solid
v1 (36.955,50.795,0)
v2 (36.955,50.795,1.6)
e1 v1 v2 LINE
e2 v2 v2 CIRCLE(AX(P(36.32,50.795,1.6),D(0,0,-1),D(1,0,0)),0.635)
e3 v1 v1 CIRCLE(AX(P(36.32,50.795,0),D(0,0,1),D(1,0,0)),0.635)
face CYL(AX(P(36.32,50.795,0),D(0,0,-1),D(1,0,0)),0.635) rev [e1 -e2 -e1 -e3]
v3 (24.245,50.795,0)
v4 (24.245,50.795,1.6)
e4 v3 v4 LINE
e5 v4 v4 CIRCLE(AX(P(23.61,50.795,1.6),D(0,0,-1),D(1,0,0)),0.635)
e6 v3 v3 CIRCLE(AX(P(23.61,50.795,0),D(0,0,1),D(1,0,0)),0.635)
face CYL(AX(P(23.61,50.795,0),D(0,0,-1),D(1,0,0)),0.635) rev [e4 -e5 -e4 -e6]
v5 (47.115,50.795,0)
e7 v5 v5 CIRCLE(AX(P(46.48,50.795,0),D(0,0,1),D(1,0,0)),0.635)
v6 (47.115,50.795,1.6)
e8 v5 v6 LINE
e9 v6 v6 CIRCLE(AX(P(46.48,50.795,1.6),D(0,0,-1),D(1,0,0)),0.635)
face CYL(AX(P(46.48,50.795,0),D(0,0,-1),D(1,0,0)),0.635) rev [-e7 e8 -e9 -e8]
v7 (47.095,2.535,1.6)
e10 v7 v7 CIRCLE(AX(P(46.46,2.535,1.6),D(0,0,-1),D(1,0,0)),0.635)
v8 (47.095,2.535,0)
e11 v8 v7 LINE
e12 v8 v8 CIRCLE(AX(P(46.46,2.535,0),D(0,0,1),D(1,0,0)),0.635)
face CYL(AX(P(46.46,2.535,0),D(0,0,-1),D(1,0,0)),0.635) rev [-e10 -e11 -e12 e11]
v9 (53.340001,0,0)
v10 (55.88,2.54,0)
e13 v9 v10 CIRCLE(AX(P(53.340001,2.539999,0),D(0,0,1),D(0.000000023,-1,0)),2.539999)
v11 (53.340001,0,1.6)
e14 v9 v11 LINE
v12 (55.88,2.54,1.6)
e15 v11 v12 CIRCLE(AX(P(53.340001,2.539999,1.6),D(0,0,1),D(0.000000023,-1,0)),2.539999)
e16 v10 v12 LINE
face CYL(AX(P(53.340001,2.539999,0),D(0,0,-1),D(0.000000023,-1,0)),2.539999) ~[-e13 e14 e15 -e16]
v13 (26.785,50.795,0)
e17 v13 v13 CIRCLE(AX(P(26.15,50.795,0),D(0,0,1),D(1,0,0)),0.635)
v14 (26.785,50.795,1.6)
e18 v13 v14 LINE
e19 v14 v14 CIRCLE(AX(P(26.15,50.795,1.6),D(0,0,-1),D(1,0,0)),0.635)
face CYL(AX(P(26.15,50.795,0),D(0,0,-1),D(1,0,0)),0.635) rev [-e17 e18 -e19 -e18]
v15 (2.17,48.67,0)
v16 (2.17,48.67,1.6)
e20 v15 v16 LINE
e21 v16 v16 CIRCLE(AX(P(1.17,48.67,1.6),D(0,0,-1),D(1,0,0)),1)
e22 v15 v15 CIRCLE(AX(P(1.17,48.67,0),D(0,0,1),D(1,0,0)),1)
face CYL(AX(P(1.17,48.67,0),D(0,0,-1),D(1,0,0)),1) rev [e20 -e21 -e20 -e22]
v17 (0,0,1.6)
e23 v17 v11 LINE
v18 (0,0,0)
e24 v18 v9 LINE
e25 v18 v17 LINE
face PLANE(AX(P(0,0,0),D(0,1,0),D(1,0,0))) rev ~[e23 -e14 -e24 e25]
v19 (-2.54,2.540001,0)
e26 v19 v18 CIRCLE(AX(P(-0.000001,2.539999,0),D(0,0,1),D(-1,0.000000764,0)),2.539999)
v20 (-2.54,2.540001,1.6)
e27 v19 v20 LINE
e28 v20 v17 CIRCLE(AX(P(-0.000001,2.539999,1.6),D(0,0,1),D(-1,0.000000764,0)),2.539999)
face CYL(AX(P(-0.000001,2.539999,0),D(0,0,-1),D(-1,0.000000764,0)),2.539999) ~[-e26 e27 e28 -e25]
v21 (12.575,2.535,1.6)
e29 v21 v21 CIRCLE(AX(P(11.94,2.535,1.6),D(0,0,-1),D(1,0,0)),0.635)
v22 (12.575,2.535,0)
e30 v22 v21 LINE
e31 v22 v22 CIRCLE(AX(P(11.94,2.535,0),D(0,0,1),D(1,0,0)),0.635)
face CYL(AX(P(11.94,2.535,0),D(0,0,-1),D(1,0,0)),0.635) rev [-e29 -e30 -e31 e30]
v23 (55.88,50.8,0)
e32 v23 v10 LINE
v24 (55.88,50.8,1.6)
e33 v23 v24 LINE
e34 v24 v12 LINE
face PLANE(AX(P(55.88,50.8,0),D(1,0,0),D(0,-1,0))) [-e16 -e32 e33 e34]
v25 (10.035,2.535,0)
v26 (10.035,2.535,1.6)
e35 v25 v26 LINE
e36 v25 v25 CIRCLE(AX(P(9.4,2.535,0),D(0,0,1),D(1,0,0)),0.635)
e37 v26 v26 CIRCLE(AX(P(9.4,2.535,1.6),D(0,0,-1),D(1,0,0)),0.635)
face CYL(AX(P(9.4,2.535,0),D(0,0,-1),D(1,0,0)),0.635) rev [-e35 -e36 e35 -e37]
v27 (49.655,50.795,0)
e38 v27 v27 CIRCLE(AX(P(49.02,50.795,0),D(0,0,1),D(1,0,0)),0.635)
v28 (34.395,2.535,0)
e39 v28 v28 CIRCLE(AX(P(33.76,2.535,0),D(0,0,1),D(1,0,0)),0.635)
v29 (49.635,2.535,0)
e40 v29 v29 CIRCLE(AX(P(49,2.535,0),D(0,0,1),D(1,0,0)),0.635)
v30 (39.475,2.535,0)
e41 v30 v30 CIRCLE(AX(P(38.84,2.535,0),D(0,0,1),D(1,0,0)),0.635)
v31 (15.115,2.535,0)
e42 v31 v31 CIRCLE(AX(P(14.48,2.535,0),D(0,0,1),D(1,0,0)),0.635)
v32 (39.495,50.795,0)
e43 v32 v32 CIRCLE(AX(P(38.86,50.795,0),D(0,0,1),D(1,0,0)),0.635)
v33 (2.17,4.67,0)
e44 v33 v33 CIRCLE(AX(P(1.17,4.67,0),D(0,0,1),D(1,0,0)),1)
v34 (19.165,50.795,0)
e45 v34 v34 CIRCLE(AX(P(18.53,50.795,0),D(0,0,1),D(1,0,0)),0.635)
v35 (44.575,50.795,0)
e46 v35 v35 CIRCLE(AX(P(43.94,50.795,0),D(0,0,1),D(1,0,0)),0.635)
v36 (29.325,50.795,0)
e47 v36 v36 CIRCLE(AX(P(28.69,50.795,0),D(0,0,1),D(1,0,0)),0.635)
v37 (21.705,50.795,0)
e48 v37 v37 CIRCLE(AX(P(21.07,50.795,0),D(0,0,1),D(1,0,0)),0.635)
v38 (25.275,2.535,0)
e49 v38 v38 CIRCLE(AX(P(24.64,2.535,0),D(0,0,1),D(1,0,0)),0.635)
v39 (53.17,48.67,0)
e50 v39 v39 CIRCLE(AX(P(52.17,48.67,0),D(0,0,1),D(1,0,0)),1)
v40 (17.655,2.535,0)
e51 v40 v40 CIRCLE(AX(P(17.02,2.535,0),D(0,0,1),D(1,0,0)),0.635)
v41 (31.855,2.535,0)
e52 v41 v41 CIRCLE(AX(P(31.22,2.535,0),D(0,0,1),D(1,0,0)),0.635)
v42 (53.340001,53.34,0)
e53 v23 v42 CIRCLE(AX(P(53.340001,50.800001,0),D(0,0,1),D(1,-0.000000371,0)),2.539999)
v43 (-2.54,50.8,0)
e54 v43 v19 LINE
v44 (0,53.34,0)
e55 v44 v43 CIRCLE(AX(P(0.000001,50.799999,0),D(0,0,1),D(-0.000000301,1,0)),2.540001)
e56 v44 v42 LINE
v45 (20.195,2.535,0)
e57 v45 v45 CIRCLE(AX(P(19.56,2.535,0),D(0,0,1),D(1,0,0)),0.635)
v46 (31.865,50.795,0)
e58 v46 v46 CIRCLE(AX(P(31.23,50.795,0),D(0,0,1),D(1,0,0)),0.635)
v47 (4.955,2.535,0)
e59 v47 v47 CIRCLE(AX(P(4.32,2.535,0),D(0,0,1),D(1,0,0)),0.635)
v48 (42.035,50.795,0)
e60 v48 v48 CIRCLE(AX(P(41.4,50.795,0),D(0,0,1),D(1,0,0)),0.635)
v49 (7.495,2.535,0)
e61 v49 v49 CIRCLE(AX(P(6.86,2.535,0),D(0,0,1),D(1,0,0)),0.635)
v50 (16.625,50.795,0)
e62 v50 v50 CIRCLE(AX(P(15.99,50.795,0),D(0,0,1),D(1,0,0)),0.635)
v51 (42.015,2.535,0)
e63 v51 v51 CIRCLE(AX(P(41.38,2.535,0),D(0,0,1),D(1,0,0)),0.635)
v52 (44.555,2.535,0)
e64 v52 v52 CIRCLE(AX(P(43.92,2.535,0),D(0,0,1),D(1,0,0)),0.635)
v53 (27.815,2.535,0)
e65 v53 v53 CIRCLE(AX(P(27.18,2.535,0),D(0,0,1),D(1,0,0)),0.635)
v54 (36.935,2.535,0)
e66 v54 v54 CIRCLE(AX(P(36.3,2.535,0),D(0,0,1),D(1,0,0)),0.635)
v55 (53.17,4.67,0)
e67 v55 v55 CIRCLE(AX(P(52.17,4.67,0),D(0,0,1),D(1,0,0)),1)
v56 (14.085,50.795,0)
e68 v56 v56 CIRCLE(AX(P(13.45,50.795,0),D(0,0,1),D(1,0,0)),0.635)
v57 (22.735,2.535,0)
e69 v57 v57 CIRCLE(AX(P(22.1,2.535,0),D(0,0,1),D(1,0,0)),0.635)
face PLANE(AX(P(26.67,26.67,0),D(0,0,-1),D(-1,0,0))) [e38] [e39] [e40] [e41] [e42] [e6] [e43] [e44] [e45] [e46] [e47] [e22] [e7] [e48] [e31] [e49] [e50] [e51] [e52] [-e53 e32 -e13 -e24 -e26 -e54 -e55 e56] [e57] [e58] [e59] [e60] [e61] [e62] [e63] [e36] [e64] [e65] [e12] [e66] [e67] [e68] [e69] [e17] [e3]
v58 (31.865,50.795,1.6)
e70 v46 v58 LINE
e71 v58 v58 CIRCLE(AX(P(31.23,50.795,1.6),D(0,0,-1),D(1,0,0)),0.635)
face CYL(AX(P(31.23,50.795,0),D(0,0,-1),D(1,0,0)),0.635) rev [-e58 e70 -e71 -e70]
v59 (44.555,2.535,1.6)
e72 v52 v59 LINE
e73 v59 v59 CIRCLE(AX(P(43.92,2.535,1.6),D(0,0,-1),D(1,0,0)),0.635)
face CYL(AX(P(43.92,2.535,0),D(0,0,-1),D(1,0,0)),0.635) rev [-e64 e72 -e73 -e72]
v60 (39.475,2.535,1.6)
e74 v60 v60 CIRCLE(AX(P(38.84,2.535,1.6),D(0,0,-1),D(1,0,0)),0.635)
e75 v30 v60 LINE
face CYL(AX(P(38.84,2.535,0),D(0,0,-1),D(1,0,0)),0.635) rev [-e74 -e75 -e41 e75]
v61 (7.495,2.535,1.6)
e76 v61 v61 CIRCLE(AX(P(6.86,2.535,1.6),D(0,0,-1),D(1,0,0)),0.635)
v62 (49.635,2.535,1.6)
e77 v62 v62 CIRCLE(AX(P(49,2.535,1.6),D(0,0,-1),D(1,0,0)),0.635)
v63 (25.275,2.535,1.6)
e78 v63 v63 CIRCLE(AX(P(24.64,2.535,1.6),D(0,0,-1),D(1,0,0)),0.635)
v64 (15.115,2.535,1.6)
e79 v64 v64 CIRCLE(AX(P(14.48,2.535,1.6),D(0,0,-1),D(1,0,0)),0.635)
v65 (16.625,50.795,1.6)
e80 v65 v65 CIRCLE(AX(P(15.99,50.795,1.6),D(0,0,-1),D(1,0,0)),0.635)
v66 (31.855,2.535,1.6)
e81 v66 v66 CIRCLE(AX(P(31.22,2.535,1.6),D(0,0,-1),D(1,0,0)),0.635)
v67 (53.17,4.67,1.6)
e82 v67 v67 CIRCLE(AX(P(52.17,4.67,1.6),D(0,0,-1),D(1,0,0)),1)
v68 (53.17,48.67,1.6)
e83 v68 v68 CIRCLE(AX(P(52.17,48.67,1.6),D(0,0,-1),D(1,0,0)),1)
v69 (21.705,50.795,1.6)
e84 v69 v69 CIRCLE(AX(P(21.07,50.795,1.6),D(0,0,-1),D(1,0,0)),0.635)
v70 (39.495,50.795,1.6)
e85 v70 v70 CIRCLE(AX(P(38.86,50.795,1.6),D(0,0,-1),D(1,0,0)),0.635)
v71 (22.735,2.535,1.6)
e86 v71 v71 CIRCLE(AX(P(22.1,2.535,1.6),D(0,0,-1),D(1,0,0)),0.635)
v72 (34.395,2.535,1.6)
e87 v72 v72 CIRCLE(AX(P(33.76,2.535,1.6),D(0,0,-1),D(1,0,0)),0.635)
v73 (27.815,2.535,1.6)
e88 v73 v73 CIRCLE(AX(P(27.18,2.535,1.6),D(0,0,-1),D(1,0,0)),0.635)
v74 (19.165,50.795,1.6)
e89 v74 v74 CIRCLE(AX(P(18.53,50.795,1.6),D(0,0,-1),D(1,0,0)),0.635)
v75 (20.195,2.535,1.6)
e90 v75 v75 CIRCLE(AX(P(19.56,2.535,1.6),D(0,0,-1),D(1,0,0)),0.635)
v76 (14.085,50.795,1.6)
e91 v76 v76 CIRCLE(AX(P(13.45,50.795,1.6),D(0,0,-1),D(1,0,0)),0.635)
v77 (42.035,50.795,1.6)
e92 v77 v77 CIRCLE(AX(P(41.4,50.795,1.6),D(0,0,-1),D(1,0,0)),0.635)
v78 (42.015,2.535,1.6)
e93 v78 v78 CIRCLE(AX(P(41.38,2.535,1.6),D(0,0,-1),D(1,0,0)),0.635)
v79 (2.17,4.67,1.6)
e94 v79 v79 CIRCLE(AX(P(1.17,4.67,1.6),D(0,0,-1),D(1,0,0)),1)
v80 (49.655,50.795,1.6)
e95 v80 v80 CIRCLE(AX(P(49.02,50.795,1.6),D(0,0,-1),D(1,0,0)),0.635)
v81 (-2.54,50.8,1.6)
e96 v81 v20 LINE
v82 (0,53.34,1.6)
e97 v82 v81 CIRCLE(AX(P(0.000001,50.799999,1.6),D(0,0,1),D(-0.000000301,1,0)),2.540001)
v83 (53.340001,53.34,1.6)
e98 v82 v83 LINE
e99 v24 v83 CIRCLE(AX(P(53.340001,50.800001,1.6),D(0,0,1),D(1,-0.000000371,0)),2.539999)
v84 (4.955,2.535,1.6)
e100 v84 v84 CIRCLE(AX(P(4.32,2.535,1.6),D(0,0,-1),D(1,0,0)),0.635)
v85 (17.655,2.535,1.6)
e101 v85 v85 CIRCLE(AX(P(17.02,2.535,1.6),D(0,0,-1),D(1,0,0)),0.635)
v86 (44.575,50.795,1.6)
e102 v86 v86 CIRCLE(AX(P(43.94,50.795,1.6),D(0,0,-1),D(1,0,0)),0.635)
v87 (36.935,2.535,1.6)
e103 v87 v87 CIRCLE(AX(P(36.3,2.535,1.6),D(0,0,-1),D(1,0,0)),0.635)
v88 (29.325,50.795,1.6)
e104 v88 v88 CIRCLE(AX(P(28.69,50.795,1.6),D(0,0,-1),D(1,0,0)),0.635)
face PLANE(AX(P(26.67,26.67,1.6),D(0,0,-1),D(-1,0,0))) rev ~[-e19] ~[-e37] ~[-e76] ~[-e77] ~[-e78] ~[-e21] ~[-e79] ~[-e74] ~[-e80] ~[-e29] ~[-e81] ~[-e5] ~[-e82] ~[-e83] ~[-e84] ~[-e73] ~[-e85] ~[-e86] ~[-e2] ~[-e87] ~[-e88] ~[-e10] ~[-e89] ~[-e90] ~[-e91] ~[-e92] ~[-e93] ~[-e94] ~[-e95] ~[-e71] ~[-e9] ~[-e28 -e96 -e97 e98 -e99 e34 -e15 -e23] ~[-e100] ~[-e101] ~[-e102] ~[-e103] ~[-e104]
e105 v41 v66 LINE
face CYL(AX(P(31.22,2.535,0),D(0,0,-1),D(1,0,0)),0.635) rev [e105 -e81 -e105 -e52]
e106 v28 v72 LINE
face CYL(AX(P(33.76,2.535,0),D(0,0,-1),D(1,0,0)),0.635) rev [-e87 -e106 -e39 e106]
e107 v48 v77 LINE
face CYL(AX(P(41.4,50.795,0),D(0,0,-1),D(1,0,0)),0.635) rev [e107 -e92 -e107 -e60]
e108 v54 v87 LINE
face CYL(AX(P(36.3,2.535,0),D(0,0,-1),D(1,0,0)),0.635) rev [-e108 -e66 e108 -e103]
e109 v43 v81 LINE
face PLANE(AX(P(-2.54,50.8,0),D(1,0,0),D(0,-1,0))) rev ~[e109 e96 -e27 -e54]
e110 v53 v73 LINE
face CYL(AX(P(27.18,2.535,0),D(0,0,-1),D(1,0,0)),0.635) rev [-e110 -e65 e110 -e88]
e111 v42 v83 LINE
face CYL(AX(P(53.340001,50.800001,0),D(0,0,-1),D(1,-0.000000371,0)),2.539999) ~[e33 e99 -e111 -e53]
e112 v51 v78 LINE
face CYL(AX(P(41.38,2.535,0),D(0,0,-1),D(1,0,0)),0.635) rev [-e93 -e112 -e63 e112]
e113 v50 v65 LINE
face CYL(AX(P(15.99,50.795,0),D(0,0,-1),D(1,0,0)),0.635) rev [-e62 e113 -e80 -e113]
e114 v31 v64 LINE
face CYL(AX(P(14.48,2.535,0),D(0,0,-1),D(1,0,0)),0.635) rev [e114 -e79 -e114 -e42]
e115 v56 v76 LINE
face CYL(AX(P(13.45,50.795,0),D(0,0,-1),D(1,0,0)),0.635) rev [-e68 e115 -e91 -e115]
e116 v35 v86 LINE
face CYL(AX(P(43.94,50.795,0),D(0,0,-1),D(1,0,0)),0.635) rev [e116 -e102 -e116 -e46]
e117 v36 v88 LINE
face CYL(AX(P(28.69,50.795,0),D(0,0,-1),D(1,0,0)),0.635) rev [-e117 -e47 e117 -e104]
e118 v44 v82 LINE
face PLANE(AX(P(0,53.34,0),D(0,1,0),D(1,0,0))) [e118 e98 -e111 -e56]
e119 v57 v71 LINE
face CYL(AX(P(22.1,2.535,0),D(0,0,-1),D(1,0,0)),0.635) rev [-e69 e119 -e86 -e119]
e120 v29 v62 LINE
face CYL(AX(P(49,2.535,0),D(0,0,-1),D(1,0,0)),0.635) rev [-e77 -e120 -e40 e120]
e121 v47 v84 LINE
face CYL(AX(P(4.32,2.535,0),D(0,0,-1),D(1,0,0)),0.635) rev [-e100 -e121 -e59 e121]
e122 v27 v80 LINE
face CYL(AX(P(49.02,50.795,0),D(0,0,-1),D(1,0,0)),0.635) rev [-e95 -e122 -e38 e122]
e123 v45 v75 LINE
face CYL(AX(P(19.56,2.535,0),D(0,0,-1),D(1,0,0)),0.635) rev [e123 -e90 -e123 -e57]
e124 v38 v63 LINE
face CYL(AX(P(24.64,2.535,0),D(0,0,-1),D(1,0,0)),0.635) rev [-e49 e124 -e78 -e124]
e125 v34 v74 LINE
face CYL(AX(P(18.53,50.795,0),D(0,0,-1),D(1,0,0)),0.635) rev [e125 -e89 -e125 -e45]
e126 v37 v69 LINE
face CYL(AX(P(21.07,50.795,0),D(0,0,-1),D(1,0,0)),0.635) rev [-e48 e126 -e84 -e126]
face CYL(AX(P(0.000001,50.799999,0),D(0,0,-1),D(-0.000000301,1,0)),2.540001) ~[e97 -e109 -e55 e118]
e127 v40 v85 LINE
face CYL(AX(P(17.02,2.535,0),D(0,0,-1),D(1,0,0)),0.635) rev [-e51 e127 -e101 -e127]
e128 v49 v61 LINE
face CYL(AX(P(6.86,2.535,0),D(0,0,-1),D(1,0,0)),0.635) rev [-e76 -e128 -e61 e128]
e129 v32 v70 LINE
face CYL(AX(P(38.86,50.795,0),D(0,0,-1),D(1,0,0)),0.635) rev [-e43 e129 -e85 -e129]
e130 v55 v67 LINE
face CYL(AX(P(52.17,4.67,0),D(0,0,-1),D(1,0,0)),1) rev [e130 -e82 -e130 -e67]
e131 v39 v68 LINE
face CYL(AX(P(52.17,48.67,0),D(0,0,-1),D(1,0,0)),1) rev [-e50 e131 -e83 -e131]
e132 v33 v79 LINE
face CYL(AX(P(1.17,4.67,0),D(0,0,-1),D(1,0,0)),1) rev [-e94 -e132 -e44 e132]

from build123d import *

# Parameters (mm, degrees)
SKETCH309_R      = 1
EXTRUDE165_DEPTH = 2
SKETCH310_R      = 1
EXTRUDE164_DEPTH = 2
SKETCH307_R      = 1
EXTRUDE166_DEPTH = 2
SKETCH308_R      = 1
EXTRUDE163_DEPTH = 2
SKETCH314_R      = 0.635
EXTRUDE161_DEPTH = 2
SKETCH313_R      = 0.635
EXTRUDE159_DEPTH = 2
SKETCH315_R      = 0.635
EXTRUDE160_DEPTH = 2
SKETCH312_R      = 0.635
EXTRUDE162_DEPTH = 2
EXTRUDE_DEPTH    = 1.6


with BuildPart() as extrude165:
    # Sketch309 → Extrude165 (new body)
    with BuildSketch(Plane(origin=(1.17, 48.67, 0), x_dir=(1, 0, 0), z_dir=(0, 0, 1))):
        Circle(SKETCH309_R)
    extrude(amount=EXTRUDE165_DEPTH)


with BuildPart() as extrude164:
    # Sketch310 → Extrude164 (new body)
    with BuildSketch(Plane(origin=(52.17, 48.67, 0), x_dir=(1, 0, 0), z_dir=(0, 0, 1))):
        Circle(SKETCH310_R)
    extrude(amount=EXTRUDE164_DEPTH)


with BuildPart() as extrude166:
    # Sketch307 → Extrude166 (new body)
    with BuildSketch(Plane(origin=(1.17, 4.67, 0), x_dir=(1, 0, 0), z_dir=(0, 0, 1))):
        Circle(SKETCH307_R)
    extrude(amount=EXTRUDE166_DEPTH)


with BuildPart() as fusion042:
    # Sketch308 → Extrude163 (new body)
    with BuildSketch(Plane(origin=(52.17, 4.67, 0), x_dir=(1, 0, 0), z_dir=(0, 0, 1))):
        Circle(SKETCH308_R)
    extrude(amount=EXTRUDE163_DEPTH)

    # Fusion042: union Extrude165, Extrude164, Extrude166
    add(extrude165.part)
    add(extrude164.part)
    add(extrude166.part)


with BuildPart() as extrude161:
    # Sketch314 → Extrude161 (new body)
    with BuildSketch(Plane(origin=(23.6, -47.63, 13), x_dir=(1, 0, 0), z_dir=(0, 0, 1))):
        with Locations((10.16, 50.165)):
            Circle(SKETCH314_R)
        with Locations((7.62, 50.165)):
            Circle(SKETCH314_R)
        with Locations((12.7, 50.165)):
            Circle(SKETCH314_R)
        with Locations((15.24, 50.165)):
            Circle(SKETCH314_R)
        with Locations((17.78, 50.165)):
            Circle(SKETCH314_R)
        with Locations((20.32, 50.165)):
            Circle(SKETCH314_R)
        with Locations((22.86, 50.165)):
            Circle(SKETCH314_R)
        with Locations((25.4, 50.165)):
            Circle(SKETCH314_R)
    extrude(amount=EXTRUDE161_DEPTH)


with BuildPart() as extrude159:
    # Sketch313 → Extrude159 (new body)
    with BuildSketch(Plane(origin=(-3.3, -47.63, 13), x_dir=(1, 0, 0), z_dir=(0, 0, 1))):
        with Locations((10.16, 50.165)):
            Circle(SKETCH313_R)
        with Locations((7.62, 50.165)):
            Circle(SKETCH313_R)
        with Locations((12.7, 50.165)):
            Circle(SKETCH313_R)
        with Locations((15.24, 50.165)):
            Circle(SKETCH313_R)
        with Locations((17.78, 50.165)):
            Circle(SKETCH313_R)
        with Locations((20.32, 50.165)):
            Circle(SKETCH313_R)
        with Locations((22.86, 50.165)):
            Circle(SKETCH313_R)
        with Locations((25.4, 50.165)):
            Circle(SKETCH313_R)
        with Locations((27.94, 50.165)):
            Circle(SKETCH313_R)
        with Locations((30.48, 50.165)):
            Circle(SKETCH313_R)
    extrude(amount=EXTRUDE159_DEPTH)


with BuildPart() as extrude160:
    # Sketch315 → Extrude160 (new body)
    with BuildSketch(Plane(origin=(23.62, 0.63, 13), x_dir=(1, 0, 0), z_dir=(0, 0, 1))):
        with Locations((12.7, 50.165)):
            Circle(SKETCH315_R)
        with Locations((15.24, 50.165)):
            Circle(SKETCH315_R)
        with Locations((17.78, 50.165)):
            Circle(SKETCH315_R)
        with Locations((20.32, 50.165)):
            Circle(SKETCH315_R)
        with Locations((22.86, 50.165)):
            Circle(SKETCH315_R)
        with Locations((25.4, 50.165)):
            Circle(SKETCH315_R)
    extrude(amount=EXTRUDE160_DEPTH)


with BuildPart() as fusion:
    # Sketch312 → Extrude162 (new body)
    with BuildSketch(Plane(origin=(0.75, 0.63, 13), x_dir=(1, 0, 0), z_dir=(0, 0, 1))):
        with Locations((12.7, 50.165)):
            Circle(SKETCH312_R)
        with Locations((15.24, 50.165)):
            Circle(SKETCH312_R)
        with Locations((17.78, 50.165)):
            Circle(SKETCH312_R)
        with Locations((20.32, 50.165)):
            Circle(SKETCH312_R)
        with Locations((22.86, 50.165)):
            Circle(SKETCH312_R)
        with Locations((25.4, 50.165)):
            Circle(SKETCH312_R)
        with Locations((27.94, 50.165)):
            Circle(SKETCH312_R)
        with Locations((30.48, 50.165)):
            Circle(SKETCH312_R)
    extrude(amount=EXTRUDE162_DEPTH)

    # Fusion: union Extrude161, Extrude159, Extrude160
    add(extrude161.part)
    add(extrude159.part)
    add(extrude160.part)


with BuildPart() as fusion_1:
    # Fusion placement: moved
    add(fusion.part.moved(Location((0, 0, -13))))


with BuildPart() as kitt_mb01_pcb:
    # Sketch311 → Extrude (new body)
    with BuildSketch(Plane.XY):
        with BuildLine():
            Line((0, 53.34), (53.340001, 53.34))
            ThreePointArc((55.88, 50.8), (55.136052, 52.596051), (53.340001, 53.34))
            Line((55.88, 50.8), (55.88, 2.54))
            ThreePointArc((53.340001, 0), (55.136052, 0.743949), (55.88, 2.54))
            Line((0, 0), (53.340001, 0))
            ThreePointArc((-2.54, 2.540001), (-1.796052, 0.743949), (0, 0))
            Line((-2.54, 50.8), (-2.54, 2.540001))
            ThreePointArc((0, 53.34), (-1.796051, 52.596051), (-2.54, 50.8))
        make_face()
    extrude(amount=EXTRUDE_DEPTH)

    # Cut070: cut Fusion
    add(fusion_1.part, mode=Mode.SUBTRACT)

    # Cut071: cut Fusion042
    add(fusion042.part, mode=Mode.SUBTRACT)


solid = kitt_mb01_pcb.part
